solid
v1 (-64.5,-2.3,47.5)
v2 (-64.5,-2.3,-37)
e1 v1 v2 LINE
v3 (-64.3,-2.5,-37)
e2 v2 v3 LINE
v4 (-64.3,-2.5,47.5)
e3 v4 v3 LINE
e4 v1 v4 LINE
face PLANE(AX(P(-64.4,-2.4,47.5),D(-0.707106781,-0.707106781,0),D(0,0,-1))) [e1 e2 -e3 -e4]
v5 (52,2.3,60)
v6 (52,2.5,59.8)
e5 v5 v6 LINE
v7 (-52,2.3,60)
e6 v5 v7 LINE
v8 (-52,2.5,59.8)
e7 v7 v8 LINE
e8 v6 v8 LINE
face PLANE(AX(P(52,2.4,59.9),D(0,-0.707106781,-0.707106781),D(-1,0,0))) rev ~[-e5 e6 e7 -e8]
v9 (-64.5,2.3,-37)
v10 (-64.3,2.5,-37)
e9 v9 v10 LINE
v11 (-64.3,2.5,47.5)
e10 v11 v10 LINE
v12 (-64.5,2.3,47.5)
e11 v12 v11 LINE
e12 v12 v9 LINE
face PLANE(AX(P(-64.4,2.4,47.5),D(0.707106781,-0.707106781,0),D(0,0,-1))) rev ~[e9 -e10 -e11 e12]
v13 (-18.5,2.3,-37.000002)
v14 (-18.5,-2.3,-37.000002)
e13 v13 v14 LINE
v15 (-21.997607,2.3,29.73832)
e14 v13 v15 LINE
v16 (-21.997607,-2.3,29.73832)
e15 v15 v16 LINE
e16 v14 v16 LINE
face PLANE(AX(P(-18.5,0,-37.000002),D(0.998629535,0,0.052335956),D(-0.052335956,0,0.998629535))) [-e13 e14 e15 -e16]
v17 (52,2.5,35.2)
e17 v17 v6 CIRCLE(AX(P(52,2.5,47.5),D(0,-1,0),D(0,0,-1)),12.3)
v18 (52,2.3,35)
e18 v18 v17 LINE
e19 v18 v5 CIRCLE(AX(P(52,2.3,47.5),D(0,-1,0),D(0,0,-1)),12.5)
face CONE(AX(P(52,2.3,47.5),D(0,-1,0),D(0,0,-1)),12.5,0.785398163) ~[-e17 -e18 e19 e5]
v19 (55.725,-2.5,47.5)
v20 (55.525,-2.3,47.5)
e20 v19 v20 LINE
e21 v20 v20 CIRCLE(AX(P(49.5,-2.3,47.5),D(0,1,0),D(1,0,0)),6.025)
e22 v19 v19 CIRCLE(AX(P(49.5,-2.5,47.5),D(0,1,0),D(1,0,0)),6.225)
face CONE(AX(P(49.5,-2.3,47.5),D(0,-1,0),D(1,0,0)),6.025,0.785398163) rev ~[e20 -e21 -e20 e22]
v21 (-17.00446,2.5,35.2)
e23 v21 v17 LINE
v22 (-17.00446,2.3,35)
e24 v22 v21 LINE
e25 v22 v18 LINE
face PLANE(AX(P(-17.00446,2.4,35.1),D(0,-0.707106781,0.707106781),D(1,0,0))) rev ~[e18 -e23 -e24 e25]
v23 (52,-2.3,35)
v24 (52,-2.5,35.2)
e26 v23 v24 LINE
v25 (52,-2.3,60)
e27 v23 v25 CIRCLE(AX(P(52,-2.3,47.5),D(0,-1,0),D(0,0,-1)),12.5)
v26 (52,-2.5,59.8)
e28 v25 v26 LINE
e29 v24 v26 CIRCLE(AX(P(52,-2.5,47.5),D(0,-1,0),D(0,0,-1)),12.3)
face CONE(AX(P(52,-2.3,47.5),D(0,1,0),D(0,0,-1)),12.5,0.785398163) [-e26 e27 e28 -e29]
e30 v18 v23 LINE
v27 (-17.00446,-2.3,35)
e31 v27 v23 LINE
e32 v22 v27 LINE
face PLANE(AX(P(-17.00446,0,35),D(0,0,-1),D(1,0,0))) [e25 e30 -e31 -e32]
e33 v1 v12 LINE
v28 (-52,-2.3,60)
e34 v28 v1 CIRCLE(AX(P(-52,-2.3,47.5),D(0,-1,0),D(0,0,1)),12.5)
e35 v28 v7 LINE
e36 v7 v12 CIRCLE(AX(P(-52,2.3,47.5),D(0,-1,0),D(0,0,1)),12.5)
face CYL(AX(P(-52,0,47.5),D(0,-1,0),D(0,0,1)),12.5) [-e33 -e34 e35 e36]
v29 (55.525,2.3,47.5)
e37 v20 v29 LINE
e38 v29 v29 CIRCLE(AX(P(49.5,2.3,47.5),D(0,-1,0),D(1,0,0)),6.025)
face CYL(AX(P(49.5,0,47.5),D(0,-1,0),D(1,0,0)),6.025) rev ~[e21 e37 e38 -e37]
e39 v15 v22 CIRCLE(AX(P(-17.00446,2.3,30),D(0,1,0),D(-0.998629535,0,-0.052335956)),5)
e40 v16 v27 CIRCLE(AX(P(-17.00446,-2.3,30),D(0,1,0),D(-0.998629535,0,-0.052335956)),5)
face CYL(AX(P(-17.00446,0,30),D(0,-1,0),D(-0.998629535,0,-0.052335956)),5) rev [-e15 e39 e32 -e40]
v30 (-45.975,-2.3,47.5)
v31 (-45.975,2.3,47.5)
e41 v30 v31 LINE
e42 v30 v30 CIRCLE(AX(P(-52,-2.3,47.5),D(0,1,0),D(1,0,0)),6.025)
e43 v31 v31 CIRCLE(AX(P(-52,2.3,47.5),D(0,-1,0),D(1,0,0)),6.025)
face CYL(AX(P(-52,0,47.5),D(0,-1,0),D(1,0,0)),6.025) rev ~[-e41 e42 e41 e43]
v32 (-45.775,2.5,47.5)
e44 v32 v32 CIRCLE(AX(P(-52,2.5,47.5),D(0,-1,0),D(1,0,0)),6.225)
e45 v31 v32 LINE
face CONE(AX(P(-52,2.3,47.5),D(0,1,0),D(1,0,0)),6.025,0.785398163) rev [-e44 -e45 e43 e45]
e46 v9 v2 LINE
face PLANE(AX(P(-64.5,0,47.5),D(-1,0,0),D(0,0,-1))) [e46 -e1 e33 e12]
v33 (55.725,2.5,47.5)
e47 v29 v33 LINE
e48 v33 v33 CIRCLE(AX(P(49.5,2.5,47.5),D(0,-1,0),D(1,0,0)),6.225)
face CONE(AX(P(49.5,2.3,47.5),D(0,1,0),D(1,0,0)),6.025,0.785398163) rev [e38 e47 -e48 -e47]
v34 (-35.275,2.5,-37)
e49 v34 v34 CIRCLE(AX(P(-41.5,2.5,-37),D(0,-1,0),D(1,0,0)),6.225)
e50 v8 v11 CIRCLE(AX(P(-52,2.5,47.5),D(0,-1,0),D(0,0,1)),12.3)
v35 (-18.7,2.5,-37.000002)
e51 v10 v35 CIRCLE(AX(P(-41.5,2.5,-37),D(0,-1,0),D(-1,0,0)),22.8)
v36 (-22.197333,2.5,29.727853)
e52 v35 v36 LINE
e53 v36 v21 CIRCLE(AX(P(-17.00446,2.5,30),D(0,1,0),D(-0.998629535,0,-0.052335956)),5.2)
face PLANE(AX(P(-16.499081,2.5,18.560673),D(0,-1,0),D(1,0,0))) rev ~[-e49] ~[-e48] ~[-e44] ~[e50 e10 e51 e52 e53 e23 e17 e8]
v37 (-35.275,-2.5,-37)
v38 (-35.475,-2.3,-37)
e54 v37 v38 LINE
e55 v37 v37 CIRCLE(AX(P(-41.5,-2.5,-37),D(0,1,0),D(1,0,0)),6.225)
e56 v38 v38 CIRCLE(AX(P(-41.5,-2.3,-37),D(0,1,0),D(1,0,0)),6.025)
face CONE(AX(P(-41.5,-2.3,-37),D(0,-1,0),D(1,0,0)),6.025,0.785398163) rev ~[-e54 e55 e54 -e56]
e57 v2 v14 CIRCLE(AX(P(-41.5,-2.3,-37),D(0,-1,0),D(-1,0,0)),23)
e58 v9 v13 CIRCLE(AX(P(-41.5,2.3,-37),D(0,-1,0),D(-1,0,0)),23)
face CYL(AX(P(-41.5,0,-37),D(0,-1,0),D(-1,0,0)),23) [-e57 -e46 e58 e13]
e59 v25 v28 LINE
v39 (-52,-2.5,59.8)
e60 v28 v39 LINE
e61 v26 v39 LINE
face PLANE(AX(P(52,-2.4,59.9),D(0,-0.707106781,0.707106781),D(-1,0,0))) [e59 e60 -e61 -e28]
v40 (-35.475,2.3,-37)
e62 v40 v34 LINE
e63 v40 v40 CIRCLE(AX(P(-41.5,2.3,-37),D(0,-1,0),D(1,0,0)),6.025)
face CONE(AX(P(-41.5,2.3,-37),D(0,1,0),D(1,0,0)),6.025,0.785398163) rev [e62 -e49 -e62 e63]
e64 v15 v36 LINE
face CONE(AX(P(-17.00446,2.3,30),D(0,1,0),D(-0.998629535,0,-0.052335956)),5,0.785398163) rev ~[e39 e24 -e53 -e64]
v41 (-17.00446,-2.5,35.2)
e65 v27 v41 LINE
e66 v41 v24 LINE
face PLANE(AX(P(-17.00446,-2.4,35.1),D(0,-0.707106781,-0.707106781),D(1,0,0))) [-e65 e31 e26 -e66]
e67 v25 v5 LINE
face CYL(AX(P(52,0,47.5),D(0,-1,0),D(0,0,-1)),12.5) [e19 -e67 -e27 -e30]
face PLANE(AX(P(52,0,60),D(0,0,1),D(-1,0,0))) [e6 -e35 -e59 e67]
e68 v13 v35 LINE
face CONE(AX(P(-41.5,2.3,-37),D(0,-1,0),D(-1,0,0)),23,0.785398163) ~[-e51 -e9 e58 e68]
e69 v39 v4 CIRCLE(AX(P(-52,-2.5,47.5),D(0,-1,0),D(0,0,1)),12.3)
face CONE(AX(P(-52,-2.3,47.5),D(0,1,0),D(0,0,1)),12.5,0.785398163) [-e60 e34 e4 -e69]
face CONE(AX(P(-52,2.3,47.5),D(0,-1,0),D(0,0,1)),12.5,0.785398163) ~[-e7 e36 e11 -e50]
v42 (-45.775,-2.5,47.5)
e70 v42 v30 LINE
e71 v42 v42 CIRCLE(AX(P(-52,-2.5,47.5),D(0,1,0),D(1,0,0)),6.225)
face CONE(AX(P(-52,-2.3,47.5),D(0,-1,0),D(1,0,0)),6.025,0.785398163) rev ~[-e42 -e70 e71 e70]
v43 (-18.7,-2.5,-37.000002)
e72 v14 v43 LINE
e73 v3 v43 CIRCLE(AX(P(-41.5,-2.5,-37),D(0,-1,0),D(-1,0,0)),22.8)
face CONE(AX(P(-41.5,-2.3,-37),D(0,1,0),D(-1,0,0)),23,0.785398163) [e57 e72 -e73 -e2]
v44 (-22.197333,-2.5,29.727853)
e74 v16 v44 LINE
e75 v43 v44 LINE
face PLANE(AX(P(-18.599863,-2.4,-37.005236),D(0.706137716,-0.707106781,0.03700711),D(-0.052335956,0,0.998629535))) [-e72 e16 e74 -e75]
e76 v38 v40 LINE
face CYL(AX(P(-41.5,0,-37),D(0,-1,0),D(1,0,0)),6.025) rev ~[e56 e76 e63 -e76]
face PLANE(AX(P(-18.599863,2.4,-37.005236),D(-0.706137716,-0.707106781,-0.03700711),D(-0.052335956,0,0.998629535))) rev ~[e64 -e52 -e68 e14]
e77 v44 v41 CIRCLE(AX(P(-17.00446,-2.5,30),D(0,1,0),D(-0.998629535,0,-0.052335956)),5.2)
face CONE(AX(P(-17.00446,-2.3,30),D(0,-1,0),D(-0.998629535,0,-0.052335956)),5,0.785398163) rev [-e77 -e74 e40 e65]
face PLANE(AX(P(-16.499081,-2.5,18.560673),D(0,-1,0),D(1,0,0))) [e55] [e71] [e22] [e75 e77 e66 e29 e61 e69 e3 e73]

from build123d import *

# Parameters (mm, degrees)
F1_DEPTH      = 2.5
F2_R          = 6.025
F3_DEPTH      = 25
F3_DEPTH_BACK = 25
F4_SIZE       = 0.2


with BuildPart() as f1:
    # F0 (on Front) → F1 (new body, symmetric)
    with BuildSketch(Plane.XZ):
        with BuildLine():
            Line((-64.5, 47.5), (-64.5, -37))
            ThreePointArc((-64.5, -37), (-41.5000010456, -60), (-18.5, -37.0000020911))
            Line((-18.5, -37.0000020911), (-21.9976072653, 29.7383202188))
            ThreePointArc((-21.9976072653, 29.7383202188), (-20.6313314466, 33.4417728785), (-17.0044595916, 35))
            Line((-17.0044595916, 35), (52, 35))
            ThreePointArc((52, 35), (64.5, 47.5), (52, 60))
            Line((52, 60), (-52, 60))
            ThreePointArc((-52, 60), (-60.8388347648, 56.3388347648), (-64.5, 47.5))
        make_face()
    extrude(amount=F1_DEPTH, both=True)

    # F2 (on Front) → F3 (cut, two sides)
    with BuildSketch(Plane.XZ) as f3_sk:
        with Locations((-41.5, -37)):
            Circle(F2_R)
        with Locations((-52, 47.5)):
            Circle(F2_R)
        with Locations((49.5, 47.5)):
            Circle(F2_R)
    extrude(amount=-F3_DEPTH, mode=Mode.SUBTRACT)
    extrude(f3_sk.sketch, amount=F3_DEPTH_BACK, mode=Mode.SUBTRACT)

    # F4
    f4_edges = [f1.edges().sort_by_distance(p)[0] for p in [
        (-20.631331, -2.5, 33.441773),
        (-20.248804, -2.5, -3.630841),
        (17.49777, -2.5, 35),
        (-41.500001, -2.5, -60),
        (64.5, -2.5, 47.5),
        (-64.5, -2.5, 5.25),
        (0, -2.5, 60),
        (-60.838835, -2.5, 56.338835),
        (-47.525, -2.5, -37),
        (-58.025, -2.5, 47.5),
        (43.475, -2.5, 47.5),
        (-20.631331, 2.5, 33.441773),
        (-20.248804, 2.5, -3.630841),
        (17.49777, 2.5, 35),
        (-41.500001, 2.5, -60),
        (64.5, 2.5, 47.5),
        (-64.5, 2.5, 5.25),
        (0, 2.5, 60),
        (-60.838835, 2.5, 56.338835),
        (-47.525, 2.5, -37),
        (-58.025, 2.5, 47.5),
        (43.475, 2.5, 47.5),
    ]]
    chamfer(f4_edges, length=F4_SIZE)


solid = f1.part
